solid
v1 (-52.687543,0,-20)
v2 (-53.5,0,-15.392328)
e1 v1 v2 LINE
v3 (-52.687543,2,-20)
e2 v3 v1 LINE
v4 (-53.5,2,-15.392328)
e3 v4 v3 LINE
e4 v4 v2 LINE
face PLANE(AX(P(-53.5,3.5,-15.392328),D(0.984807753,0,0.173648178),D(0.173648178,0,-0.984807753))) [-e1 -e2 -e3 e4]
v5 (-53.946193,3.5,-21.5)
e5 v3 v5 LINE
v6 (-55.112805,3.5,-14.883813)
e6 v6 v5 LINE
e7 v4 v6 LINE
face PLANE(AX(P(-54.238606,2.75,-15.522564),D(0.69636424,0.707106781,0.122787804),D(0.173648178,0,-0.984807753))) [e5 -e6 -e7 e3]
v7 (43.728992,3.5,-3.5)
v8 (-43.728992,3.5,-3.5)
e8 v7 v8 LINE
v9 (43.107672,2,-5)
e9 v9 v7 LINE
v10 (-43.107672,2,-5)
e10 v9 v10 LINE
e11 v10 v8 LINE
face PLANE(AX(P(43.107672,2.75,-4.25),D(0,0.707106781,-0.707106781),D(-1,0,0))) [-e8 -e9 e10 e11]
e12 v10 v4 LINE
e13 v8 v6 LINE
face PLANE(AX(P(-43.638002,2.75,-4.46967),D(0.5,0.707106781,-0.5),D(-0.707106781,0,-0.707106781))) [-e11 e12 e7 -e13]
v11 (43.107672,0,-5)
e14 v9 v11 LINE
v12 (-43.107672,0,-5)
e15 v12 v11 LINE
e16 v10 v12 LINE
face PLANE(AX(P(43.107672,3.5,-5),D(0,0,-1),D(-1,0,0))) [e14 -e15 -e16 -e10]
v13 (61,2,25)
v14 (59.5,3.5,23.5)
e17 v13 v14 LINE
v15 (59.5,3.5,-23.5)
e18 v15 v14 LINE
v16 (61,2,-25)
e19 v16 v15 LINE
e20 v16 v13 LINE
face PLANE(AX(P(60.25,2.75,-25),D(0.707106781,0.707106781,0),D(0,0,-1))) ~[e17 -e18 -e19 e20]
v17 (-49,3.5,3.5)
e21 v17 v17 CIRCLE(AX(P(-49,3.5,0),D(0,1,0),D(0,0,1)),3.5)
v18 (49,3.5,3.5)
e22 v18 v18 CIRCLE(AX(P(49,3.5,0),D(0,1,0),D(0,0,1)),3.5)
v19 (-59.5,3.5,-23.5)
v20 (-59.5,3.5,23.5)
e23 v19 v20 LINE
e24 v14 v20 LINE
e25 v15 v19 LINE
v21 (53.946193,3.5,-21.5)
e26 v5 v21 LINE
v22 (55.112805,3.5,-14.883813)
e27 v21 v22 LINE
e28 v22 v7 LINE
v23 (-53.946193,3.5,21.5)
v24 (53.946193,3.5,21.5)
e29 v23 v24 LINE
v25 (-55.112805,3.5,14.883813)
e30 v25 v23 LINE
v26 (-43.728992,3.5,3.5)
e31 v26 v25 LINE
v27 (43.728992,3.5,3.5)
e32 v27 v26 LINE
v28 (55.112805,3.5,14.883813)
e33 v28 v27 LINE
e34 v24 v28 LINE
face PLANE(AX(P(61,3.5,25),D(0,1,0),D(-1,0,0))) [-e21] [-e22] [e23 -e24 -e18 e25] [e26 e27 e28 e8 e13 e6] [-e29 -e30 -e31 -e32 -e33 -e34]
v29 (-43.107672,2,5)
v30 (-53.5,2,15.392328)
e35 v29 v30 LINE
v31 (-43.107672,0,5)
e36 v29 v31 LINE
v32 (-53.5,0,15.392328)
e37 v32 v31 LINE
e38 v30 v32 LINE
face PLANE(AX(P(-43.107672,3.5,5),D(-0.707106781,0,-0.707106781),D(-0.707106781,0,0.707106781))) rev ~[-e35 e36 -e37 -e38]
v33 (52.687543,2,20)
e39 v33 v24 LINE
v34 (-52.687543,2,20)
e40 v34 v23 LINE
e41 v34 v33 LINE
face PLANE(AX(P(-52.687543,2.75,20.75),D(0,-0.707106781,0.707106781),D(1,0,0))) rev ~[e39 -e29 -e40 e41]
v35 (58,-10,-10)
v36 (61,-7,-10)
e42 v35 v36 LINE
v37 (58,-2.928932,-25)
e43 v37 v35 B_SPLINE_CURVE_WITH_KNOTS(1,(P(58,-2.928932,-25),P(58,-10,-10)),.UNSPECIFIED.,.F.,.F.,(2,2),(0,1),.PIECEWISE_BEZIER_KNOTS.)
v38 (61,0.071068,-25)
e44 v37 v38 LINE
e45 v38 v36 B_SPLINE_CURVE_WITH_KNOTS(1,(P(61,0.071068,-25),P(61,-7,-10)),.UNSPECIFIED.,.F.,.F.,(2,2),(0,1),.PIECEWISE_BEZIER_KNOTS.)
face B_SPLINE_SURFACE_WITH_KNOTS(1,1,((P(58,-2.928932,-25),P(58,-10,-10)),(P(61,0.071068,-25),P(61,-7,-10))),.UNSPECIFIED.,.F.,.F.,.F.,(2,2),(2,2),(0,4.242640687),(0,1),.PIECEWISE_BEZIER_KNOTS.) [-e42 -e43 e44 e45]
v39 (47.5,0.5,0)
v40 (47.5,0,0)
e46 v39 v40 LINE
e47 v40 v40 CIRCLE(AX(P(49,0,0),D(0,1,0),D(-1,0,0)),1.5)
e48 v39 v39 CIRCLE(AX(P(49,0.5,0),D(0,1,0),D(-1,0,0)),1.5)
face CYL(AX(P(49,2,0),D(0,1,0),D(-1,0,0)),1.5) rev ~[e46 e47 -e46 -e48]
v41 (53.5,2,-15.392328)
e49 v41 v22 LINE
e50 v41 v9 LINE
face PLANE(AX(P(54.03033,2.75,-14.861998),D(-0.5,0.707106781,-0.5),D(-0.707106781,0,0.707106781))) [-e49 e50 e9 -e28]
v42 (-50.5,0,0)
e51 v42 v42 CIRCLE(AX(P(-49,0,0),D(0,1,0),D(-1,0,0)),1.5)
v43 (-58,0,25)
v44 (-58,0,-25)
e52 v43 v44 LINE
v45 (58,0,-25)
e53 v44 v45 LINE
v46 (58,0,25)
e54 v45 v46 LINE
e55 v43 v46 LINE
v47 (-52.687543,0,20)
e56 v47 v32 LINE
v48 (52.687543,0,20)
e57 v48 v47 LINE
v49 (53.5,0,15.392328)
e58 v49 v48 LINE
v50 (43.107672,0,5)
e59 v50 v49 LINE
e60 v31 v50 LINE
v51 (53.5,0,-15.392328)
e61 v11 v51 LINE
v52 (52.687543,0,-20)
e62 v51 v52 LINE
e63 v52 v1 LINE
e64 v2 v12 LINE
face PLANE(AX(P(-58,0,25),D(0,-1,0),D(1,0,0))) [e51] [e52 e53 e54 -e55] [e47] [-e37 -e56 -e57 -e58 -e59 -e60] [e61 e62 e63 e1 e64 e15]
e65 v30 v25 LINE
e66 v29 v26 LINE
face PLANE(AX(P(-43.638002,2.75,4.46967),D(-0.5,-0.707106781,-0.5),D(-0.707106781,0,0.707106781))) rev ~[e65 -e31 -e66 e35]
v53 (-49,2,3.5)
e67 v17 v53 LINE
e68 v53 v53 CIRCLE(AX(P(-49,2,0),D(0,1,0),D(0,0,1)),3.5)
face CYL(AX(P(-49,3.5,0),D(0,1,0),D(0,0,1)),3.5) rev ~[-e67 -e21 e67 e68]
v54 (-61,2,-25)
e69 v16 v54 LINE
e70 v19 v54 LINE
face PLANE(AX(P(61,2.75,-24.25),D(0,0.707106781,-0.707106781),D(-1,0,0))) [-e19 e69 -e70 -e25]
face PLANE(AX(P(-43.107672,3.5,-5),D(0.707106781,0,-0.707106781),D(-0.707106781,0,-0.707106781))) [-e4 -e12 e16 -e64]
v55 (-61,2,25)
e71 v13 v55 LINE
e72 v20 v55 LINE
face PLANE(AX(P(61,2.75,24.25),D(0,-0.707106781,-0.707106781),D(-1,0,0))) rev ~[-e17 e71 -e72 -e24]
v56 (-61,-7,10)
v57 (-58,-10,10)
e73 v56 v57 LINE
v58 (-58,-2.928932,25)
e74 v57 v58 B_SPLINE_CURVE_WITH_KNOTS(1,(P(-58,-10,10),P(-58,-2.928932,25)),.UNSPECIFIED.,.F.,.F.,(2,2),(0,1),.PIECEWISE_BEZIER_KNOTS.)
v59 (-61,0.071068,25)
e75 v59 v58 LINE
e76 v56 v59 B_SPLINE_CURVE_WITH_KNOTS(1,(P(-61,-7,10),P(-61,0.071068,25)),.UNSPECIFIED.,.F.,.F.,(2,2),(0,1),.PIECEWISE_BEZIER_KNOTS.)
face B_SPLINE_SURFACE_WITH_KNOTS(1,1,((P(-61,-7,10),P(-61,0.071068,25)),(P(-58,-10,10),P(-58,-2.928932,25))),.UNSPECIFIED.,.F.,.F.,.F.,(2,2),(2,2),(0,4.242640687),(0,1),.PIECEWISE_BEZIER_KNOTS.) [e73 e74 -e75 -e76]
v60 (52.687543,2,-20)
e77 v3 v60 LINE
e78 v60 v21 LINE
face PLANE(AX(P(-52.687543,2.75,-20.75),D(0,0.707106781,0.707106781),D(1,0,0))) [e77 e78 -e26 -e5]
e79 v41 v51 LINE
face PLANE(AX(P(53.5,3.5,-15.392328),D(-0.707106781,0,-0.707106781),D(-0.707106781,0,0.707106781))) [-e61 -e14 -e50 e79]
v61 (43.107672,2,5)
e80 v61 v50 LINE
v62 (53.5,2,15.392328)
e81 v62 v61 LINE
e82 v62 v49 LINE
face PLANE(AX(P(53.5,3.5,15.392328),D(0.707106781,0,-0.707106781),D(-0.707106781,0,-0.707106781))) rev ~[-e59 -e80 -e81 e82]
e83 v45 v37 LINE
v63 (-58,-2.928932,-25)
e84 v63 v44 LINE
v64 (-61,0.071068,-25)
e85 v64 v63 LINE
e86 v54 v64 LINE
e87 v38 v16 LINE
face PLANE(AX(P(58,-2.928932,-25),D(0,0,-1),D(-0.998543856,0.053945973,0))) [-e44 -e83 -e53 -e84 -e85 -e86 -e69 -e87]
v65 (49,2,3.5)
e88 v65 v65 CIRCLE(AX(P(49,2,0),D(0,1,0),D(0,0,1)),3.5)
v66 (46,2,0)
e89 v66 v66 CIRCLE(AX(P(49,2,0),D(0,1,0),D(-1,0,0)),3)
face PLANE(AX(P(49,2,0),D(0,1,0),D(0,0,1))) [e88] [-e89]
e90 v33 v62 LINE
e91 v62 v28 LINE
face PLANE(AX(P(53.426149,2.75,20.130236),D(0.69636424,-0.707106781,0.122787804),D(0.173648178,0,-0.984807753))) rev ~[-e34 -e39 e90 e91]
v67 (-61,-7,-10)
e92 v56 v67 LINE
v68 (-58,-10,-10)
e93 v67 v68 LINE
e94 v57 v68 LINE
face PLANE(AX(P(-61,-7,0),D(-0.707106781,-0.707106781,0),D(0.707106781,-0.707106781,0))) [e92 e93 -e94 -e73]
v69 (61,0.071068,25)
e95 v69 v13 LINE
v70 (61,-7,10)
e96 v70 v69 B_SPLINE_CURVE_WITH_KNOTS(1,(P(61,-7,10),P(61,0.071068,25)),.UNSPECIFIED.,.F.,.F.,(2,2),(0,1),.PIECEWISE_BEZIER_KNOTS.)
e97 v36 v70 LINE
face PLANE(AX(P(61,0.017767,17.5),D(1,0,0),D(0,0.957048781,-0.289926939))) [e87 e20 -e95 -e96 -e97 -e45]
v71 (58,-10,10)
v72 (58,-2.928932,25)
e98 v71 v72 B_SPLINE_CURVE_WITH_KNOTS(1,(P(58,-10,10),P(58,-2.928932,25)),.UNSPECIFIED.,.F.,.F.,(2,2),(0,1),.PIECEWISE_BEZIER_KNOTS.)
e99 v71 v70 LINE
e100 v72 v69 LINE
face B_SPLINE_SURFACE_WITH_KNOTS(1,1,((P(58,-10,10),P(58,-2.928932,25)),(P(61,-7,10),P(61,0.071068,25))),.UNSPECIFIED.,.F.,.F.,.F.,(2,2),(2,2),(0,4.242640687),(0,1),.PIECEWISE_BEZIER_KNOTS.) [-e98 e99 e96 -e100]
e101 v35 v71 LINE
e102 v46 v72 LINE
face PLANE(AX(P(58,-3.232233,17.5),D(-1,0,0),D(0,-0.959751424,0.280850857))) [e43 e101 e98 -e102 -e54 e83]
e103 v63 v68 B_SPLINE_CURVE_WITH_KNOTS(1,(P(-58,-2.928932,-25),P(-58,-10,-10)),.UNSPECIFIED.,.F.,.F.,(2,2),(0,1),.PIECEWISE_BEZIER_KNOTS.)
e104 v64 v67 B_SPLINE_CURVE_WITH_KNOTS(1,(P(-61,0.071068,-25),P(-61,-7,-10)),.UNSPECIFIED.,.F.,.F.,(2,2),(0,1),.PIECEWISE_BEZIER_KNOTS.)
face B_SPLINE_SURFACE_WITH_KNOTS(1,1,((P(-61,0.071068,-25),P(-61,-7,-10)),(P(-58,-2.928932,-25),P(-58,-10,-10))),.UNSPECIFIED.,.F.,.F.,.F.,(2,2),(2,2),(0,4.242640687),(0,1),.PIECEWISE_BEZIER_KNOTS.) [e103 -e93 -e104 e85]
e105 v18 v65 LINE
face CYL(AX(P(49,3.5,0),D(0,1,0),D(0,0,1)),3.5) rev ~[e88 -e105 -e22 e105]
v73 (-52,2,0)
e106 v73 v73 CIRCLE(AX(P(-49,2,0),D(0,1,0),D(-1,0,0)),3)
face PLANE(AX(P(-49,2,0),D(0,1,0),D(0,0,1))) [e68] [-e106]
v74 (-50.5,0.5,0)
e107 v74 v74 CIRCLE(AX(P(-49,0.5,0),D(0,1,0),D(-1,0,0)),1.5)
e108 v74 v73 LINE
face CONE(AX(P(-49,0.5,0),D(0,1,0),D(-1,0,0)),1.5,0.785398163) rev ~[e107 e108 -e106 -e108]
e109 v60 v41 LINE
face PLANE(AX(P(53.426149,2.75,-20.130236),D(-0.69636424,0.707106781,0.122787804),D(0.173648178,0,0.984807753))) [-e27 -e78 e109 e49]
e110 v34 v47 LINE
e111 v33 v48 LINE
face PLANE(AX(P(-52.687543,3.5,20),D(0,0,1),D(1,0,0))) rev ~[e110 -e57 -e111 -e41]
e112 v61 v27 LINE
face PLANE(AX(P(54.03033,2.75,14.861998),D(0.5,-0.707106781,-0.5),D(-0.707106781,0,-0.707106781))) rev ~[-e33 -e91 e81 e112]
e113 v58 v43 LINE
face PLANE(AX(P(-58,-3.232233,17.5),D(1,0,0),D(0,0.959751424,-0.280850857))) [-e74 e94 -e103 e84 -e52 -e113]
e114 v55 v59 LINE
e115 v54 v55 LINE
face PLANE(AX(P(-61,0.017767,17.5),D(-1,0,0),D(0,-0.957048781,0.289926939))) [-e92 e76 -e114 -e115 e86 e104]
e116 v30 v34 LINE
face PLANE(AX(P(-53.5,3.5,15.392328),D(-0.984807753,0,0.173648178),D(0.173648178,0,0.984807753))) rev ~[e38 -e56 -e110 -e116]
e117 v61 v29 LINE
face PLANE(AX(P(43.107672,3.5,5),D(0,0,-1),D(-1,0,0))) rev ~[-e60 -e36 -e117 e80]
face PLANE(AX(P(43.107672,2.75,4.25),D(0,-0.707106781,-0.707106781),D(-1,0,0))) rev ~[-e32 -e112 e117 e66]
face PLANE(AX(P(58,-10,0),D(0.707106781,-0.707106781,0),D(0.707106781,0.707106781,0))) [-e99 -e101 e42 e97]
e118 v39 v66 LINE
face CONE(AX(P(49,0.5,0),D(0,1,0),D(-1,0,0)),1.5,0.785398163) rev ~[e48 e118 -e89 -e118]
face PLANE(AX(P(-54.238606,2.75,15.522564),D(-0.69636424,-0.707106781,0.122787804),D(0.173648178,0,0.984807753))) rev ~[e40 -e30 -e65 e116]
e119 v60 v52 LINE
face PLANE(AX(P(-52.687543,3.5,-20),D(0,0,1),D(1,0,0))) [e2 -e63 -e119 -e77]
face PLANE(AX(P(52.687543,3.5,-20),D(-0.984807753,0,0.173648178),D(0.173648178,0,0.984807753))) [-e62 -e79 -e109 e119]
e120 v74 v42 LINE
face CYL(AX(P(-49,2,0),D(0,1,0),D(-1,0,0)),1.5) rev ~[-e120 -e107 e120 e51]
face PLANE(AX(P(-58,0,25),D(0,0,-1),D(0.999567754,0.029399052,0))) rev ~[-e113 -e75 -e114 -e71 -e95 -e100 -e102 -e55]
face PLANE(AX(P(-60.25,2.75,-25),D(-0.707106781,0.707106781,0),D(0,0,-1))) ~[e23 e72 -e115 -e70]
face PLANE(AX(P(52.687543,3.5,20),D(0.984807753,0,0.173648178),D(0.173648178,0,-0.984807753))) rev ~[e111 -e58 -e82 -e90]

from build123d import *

# Parameters (mm, degrees)
BOSS_EXTRUDE1_DEPTH = 10
CUT_EXTRUDE3_DEPTH  = 68.292273107
CHAMFER2_SIZE       = 1.5
SKETCH2_R           = 3.5
CUT_EXTRUDE1_DEPTH  = 1.5
SKETCH3_R           = 1.5
CUT_EXTRUDE2_DEPTH  = 68.007462417
CHAMFER1_SIZE       = 1.5


with BuildPart() as part:
    # Sketch1 → Boss-Extrude1 (new, symmetric)
    with BuildSketch(Plane.XY):
        Polygon((-58, 0), (58, 0), (58, -10), (61, -7), (61, 3.5), (-61, 3.5), (-61, -7), (-58, -10), align=None)
    extrude(amount=BOSS_EXTRUDE1_DEPTH, both=True)

    # Sketch4 → section 0 of loft1
    with BuildSketch(Plane.XY.offset(-25), mode=Mode.PRIVATE) as loft1_s0:
        with BuildLine():
            Line((58, -2.928932188), (61, 0.071067812))
            Line((61, 0.071067812), (61, 3.5))
            Line((61, 3.5), (-61, 3.5))
            Line((-61, 3.5), (-61, 0.071067812))
            Line((-61, 0.071067812), (-58, -2.928932188))
            Line((-58, -2.928932188), (-58, 0))
            Line((-58, 0), (58, 0))
            Line((58, 0), (58, -2.928932188))
        make_face()
    # loft up to a face of the part (loft1)
    loft([loft1_s0.sketch, part.faces().sort_by_distance((0, 1.105125523, -10))[0]])

    # Sketch5 → section 1 of loft2
    with BuildSketch(Plane.XY.offset(25), mode=Mode.PRIVATE) as loft2_s1:
        with BuildLine():
            Line((-58, 0), (58, 0))
            Line((58, 0), (58, -2.928932188))
            Line((58, -2.928932188), (61, 0.071067812))
            Line((61, 0.071067812), (61, 3.5))
            Line((61, 3.5), (-61, 3.5))
            Line((-61, 3.5), (-61, 0.071067812))
            Line((-61, 0.071067812), (-58, -2.928932188))
            Line((-58, -2.928932188), (-58, 0))
        make_face()
    # loft from a face of the part (loft2)
    loft([part.faces().sort_by_distance((0, 1.105125523, 10))[0], loft2_s1.sketch])

    # Sketch6 → Cut-Extrude3 (cut, through all)
    with BuildSketch(Plane(origin=(0, 3.5, 0), x_dir=(1, 0, 0), z_dir=(0, 1, 0))):
        Polygon((43.107671767, 5), (-43.107671767, 5), (-53.5, 15.392328233), (-52.687543149, 20), (52.687543149, 20), (53.5, 15.392328233), align=None)
        Polygon((43.107671767, -5), (-43.107671767, -5), (-53.5, -15.392328233), (-52.687543149, -20), (52.687543149, -20), (53.5, -15.392328233), align=None)
    extrude(amount=-CUT_EXTRUDE3_DEPTH, mode=Mode.SUBTRACT)

    # Chamfer2
    chamfer2_edges = [part.edges().sort_by_distance(p)[0] for p in [
        (48.303835883, 3.5, -10.196164117),
        (53.093771575, 3.5, -17.696164117),
        (0, 3.5, -20),
        (-53.093771575, 3.5, -17.696164117),
        (-48.303835883, 3.5, -10.196164117),
        (0, 3.5, -5),
        (-53.093771575, 3.5, 17.696164117),
        (0, 3.5, 20),
        (53.093771575, 3.5, 17.696164117),
        (48.303835883, 3.5, 10.196164117),
        (0, 3.5, 5),
        (-48.303835883, 3.5, 10.196164117),
        (-61, 3.5, 0),
        (61, 3.5, 0),
        (0, 3.5, -25),
        (0, 3.5, 25),
    ]]
    chamfer(chamfer2_edges, length=CHAMFER2_SIZE)

    # Sketch2 → Cut-Extrude1 (cut)
    with BuildSketch(Plane(origin=(0, 3.5, 0), x_dir=(1, 0, 0), z_dir=(0, 1, 0))):
        with Locations(Location((49, 0, 0), (0, 0, 270))):
            Circle(SKETCH2_R)
        with Locations(Location((-49, 0, 0), (0, 0, 270))):
            Circle(SKETCH2_R)
    extrude(amount=-CUT_EXTRUDE1_DEPTH, mode=Mode.SUBTRACT)

    # Sketch3 → Cut-Extrude2 (cut, through all)
    with BuildSketch(Plane(origin=(0, 2, 0), x_dir=(1, 0, 0), z_dir=(0, 1, 0))):
        with Locations(Location((49, 0, 0), (0, 0, 180))):
            Circle(SKETCH3_R)
        with Locations(Location((-49, 0, 0), (0, 0, 180))):
            Circle(SKETCH3_R)
    extrude(amount=-CUT_EXTRUDE2_DEPTH, mode=Mode.SUBTRACT)

    # Chamfer1
    chamfer1_edges = [part.edges().sort_by_distance(p)[0] for p in [
        (50.5, 2, 0),
        (-47.5, 2, 0),
    ]]
    chamfer(chamfer1_edges, length=CHAMFER1_SIZE)


solid = part.part
